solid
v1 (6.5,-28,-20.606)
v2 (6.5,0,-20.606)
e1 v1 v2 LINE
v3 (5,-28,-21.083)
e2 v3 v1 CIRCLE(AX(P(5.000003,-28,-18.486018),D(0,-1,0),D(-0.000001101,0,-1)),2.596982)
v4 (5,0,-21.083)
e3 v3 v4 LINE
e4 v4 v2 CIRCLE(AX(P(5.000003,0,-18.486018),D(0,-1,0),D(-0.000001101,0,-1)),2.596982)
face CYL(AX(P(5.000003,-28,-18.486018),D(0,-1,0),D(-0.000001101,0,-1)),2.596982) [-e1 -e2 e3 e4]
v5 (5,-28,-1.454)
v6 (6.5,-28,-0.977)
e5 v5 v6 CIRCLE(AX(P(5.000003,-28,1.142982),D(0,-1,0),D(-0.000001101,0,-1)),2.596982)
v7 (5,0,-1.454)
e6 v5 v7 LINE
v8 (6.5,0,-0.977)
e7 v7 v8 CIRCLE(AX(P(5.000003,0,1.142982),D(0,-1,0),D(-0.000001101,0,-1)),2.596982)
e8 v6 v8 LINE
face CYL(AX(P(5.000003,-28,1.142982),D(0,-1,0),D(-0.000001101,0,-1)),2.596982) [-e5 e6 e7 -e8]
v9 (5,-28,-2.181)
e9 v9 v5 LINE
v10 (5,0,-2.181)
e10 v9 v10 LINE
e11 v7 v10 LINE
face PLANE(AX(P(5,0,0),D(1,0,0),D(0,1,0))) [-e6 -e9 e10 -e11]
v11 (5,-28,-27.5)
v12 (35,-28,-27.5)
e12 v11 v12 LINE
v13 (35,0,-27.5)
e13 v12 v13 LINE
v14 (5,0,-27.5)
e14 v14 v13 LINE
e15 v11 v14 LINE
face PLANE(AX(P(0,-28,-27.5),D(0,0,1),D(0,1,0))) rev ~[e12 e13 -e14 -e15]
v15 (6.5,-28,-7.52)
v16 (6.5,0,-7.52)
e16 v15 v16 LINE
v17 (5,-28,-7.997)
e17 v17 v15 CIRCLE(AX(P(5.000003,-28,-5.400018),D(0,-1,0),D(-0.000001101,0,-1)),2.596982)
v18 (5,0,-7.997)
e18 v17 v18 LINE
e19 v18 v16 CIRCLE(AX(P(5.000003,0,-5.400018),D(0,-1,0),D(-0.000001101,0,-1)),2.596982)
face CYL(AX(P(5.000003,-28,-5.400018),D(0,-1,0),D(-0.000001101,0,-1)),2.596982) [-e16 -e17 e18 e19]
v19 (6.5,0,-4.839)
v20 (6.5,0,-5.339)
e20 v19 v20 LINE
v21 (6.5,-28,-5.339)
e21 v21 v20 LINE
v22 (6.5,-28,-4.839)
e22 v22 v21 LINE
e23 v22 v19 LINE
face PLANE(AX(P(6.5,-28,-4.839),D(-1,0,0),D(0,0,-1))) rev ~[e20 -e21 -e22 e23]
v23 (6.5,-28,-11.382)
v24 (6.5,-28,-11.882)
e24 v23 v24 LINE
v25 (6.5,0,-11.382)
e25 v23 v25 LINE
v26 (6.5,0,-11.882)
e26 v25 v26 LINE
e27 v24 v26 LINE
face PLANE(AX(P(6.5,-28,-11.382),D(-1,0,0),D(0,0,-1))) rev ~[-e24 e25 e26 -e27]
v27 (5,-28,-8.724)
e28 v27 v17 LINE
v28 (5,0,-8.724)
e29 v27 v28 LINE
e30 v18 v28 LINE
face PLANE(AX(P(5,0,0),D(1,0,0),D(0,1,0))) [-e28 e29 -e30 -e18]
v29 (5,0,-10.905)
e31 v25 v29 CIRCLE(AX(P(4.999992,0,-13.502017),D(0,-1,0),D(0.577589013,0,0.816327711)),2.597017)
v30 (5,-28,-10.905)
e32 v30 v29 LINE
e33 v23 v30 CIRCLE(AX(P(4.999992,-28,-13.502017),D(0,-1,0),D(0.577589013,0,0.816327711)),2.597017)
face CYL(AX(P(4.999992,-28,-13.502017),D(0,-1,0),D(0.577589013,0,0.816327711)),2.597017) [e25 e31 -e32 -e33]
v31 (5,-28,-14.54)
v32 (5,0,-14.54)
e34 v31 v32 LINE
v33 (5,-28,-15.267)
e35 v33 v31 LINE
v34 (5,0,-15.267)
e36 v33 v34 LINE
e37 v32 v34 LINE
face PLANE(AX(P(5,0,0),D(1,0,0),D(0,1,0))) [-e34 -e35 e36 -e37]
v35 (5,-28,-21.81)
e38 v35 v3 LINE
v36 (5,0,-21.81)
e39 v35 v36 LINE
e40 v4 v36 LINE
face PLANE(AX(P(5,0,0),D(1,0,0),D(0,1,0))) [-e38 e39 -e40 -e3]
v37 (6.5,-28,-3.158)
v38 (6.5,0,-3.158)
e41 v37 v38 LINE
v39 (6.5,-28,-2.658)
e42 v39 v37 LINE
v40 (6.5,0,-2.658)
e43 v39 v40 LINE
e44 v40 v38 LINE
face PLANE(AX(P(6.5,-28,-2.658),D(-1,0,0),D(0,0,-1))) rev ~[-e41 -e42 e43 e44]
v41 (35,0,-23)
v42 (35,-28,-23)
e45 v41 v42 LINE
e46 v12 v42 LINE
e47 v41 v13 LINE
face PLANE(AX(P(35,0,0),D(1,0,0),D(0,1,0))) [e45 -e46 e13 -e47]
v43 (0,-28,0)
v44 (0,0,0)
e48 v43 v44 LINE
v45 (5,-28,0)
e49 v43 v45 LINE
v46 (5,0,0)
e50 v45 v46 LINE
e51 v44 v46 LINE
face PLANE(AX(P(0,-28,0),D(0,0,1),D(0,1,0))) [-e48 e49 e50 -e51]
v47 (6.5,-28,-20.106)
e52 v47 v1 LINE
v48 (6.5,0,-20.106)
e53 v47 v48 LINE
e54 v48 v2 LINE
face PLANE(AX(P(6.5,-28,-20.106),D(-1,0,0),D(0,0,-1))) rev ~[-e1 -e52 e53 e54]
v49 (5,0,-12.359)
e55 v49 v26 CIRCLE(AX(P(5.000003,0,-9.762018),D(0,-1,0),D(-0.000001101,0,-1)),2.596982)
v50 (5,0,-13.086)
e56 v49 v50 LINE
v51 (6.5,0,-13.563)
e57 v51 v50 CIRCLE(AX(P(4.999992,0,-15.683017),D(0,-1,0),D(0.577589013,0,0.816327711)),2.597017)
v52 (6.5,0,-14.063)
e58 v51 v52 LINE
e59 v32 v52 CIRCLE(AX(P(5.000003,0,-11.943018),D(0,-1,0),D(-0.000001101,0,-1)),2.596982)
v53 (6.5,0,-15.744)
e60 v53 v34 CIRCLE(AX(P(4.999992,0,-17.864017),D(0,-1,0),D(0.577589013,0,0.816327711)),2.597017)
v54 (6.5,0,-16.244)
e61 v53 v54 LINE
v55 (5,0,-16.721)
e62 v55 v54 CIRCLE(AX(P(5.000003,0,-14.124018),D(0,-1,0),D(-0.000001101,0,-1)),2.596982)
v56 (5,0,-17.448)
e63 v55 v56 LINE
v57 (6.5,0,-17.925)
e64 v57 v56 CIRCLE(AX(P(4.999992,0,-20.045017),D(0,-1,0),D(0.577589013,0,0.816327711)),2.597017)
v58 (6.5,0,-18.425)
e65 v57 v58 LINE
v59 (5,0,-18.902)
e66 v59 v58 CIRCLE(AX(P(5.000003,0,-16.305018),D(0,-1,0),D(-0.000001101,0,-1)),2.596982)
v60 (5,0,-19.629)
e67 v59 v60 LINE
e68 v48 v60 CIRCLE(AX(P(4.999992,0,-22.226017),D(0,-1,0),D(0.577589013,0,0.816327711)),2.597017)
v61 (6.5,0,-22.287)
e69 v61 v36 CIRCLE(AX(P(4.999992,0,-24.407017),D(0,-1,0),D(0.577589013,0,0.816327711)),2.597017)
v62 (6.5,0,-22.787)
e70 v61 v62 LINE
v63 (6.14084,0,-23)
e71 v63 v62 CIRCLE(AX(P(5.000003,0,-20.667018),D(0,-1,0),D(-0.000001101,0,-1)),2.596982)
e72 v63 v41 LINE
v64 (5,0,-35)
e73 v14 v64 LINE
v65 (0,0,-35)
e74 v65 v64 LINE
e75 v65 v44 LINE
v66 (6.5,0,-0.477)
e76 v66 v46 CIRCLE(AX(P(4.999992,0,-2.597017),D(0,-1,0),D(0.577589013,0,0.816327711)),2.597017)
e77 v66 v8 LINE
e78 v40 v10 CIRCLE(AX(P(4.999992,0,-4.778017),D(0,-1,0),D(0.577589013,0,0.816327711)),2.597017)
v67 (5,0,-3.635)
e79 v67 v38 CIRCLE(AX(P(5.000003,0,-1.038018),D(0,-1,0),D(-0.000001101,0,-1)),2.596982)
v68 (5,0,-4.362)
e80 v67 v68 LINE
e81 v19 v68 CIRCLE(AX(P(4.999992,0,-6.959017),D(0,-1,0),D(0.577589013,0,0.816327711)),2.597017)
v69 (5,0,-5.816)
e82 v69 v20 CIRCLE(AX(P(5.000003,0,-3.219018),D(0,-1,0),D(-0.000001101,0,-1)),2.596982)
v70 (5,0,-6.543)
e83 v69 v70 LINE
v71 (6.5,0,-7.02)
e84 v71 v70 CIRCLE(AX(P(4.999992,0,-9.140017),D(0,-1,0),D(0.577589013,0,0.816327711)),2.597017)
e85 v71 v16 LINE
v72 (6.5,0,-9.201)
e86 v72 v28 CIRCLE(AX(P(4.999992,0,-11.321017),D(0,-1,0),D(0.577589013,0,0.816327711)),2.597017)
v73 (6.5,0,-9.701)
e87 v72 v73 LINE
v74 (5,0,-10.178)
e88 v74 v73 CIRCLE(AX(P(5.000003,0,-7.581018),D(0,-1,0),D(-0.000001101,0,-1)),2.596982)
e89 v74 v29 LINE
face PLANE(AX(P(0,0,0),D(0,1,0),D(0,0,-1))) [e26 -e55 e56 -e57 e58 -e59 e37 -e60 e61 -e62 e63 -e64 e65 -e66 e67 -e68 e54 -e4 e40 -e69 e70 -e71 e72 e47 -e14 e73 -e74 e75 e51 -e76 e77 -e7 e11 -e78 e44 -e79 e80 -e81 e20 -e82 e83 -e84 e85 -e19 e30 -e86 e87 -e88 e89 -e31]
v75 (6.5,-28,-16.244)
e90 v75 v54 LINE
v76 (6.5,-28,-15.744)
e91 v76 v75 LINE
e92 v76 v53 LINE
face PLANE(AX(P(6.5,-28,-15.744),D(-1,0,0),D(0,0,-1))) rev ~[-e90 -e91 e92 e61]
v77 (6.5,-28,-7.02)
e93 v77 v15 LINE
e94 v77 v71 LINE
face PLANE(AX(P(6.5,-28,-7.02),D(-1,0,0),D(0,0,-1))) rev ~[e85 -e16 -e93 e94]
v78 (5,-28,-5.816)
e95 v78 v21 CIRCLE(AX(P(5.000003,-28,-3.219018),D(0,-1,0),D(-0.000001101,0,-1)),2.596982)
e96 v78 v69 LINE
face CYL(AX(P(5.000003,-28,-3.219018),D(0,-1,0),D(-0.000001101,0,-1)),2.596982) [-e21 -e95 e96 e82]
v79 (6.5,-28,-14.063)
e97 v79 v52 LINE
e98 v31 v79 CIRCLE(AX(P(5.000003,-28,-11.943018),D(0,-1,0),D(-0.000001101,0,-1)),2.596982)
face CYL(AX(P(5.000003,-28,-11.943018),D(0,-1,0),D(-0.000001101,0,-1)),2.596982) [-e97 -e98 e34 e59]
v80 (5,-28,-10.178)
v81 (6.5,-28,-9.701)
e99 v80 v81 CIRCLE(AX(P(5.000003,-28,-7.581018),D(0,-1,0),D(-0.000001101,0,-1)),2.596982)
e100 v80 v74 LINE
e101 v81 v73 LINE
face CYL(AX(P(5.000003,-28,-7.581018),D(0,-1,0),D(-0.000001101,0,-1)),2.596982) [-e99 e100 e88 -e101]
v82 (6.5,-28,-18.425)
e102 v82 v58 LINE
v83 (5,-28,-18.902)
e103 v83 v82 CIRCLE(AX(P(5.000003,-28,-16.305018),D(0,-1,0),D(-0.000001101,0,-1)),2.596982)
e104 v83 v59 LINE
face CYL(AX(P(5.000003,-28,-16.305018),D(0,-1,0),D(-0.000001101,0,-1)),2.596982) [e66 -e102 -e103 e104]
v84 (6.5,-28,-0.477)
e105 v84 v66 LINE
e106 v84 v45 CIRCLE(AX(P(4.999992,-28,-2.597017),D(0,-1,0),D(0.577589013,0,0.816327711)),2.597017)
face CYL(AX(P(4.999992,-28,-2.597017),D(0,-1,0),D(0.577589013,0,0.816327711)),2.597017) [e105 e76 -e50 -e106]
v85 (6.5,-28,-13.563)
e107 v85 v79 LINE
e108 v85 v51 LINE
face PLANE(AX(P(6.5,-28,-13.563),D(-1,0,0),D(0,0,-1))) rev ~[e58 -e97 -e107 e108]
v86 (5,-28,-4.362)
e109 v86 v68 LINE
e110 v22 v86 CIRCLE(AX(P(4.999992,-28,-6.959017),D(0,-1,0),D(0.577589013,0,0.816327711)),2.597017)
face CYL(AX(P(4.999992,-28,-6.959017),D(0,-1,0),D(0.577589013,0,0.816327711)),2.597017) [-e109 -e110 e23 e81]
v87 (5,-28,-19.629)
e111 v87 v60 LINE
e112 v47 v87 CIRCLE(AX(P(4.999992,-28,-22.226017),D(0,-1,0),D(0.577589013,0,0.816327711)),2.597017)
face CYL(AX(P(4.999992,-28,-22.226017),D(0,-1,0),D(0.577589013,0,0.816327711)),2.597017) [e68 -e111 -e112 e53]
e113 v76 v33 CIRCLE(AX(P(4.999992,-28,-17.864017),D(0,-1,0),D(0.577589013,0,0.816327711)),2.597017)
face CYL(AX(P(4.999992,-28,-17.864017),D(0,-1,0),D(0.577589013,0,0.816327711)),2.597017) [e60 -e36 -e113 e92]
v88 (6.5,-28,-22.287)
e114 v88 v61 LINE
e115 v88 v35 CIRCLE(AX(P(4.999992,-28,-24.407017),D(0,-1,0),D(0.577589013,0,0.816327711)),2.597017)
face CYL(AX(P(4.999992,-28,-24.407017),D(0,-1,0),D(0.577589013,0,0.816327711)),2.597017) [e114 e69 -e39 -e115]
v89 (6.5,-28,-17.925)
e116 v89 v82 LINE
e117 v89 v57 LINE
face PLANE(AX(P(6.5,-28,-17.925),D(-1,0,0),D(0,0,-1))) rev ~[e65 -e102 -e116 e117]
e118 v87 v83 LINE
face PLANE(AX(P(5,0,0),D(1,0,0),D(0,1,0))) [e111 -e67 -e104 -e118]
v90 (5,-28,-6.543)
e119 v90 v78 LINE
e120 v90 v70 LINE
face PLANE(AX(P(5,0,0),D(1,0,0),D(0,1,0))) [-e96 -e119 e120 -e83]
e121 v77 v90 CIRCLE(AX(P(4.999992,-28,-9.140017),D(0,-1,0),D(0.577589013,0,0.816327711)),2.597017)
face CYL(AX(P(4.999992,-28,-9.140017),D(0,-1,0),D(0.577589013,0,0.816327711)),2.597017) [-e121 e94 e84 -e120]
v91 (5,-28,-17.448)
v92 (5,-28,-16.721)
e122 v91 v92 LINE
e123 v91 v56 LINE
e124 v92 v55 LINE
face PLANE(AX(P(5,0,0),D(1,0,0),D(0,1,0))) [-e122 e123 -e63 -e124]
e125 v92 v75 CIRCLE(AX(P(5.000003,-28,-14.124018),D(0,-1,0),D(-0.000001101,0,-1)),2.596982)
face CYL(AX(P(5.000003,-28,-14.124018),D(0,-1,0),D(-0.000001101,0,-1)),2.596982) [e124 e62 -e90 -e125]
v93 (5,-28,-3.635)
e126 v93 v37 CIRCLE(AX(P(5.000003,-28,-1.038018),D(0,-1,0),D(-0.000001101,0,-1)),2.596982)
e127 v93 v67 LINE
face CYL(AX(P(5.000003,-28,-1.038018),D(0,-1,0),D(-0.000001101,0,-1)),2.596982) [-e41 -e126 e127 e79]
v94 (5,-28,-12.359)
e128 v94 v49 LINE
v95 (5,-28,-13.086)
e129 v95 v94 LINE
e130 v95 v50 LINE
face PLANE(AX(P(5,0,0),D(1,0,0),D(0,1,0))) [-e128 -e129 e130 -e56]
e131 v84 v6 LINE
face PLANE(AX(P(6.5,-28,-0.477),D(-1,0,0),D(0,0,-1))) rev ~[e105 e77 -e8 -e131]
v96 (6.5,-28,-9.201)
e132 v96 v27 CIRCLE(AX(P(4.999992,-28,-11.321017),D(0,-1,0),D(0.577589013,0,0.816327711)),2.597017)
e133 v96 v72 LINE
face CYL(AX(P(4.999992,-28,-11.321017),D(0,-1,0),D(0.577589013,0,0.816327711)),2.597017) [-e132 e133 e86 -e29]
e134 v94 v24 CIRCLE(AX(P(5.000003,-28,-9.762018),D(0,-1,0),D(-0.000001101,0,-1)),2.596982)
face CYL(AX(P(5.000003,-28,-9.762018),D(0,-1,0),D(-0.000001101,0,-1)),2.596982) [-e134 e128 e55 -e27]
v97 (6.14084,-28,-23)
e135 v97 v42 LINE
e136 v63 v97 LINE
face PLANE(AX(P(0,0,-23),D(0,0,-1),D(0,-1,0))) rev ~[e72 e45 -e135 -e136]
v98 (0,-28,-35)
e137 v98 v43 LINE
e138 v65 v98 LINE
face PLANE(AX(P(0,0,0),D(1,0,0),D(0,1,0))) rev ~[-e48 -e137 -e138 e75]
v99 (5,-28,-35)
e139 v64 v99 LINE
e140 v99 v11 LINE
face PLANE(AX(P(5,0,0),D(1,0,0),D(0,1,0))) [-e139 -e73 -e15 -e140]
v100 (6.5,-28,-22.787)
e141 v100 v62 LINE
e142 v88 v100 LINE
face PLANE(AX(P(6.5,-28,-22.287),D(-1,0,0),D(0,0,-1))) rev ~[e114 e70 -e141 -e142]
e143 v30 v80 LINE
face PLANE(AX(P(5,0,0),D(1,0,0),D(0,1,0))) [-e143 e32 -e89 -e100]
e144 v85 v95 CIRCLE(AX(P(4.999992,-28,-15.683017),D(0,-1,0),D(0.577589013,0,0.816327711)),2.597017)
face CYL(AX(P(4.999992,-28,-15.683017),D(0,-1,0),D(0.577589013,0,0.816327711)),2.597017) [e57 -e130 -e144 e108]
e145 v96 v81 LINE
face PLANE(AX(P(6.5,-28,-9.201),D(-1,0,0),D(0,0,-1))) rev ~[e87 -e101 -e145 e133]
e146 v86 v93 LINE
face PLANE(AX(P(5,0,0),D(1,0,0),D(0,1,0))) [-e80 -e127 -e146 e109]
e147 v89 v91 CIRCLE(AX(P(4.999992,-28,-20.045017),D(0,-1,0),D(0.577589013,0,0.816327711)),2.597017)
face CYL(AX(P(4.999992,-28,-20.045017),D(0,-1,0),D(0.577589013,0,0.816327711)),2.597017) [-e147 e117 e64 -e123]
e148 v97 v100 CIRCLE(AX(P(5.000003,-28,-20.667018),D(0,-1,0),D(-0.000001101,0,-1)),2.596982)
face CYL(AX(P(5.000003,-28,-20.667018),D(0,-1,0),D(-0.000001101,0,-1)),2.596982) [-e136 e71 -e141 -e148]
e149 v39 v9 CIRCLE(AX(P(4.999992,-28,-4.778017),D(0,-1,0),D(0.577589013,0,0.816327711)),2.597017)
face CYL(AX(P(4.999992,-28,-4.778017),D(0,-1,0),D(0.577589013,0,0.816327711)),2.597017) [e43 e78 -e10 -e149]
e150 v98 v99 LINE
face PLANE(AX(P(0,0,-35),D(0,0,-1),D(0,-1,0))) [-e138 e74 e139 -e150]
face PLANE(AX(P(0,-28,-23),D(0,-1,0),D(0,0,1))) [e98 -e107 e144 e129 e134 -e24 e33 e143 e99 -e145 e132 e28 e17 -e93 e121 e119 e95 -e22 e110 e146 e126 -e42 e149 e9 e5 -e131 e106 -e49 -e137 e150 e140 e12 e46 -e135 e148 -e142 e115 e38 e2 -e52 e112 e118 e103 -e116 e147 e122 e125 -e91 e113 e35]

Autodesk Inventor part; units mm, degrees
ref_plane "YZ Plane" through (0, 0, 0) normal (1, 0, 0) x (0, 1, 0)
ref_plane "XZ Plane" through (0, 0, 0) normal (0, 1, 0) x (-1, 0, 0)
ref_plane "XY Plane" through (0, 0, 0) normal (0, 0, 1) x (1, 0, 0)
sketch "스케치1" plane through (0, 0, 0) normal (1, 0, 0) x (0, 1, 0)
  line L0 (0, 0) -> (0, -35)
  line L1 (0, -35) -> (-28, -35)
  line L2 (-28, -35) -> (-28, 0)
  line L3 (-28, 0) -> (0, 0)
  line L4 (0, -23) -> (-28, -23)
  line L5 (-28, -23) -> (-28, -27.5)
  line L6 (-28, -27.5) -> (0, -27.5)
  line L7 (0, -27.5) -> (0, -23)
  point P0 (0, -27.5)
  dimension "d0" = 35
  dimension "d1" = 28
  dimension "d2" = 7.5
  dimension "d3" = 4.5
extrude "돌출1" add sketch "스케치1" along normal blind 5 contours L0 L1 L2 L6
extrude "돌출2" add sketch "스케치1" along normal blind 35 contours L0 L6 L2 L4
extrude "돌출3" add sketch "스케치1" along normal blind 5 contours L0 L4 L2 L3
sketch "스케치2" plane through (5, 0, 0) normal (1, 0, 0) x (0, 0, -1)
  point P0 (0, 0)
sketch "스케치3" plane through (0, -28, -35) normal (0, -1, 0) x (1, 0, 0)
  line L0 (0, 35) -> (5, 35) projected
  arc A0 (6.5, 34.523) -> (5, 35) centre (5, 32.403) ccw
  arc A1 (5, 33.546) -> (6.5, 34.023) centre (5, 36.143) ccw
  line L1 (5, 35) -> (9.1174, 35) construction
  line L2 (5, 33.546) -> (9.1174, 33.546) construction
  line L3 (5, 35) -> (5, 12) construction
  line L4 (6.5, 34.523) -> (6.5, 34.023)
  line L5 (5, 35) -> (5, 33.546)
  arc A2 (6.5, 32.342) -> (5, 32.819) centre (5, 30.222) ccw
  arc A3 (5, 31.365) -> (6.5, 31.842) centre (5, 33.962) ccw
  line L6 (5, 32.819) -> (9.1174, 32.819) construction
  line L7 (5, 31.365) -> (9.1174, 31.365) construction
  line L8 (6.5, 32.342) -> (6.5, 31.842)
  line L9 (5, 32.819) -> (5, 31.365)
  arc A4 (6.5, 30.161) -> (5, 30.638) centre (5, 28.041) ccw
  arc A5 (5, 29.184) -> (6.5, 29.661) centre (5, 31.781) ccw
  line L10 (5, 30.638) -> (9.1174, 30.638) construction
  line L11 (5, 29.184) -> (9.1174, 29.184) construction
  line L12 (6.5, 30.161) -> (6.5, 29.661)
  line L13 (5, 30.638) -> (5, 29.184)
  arc A6 (6.5, 27.98) -> (5, 28.457) centre (5, 25.86) ccw
  arc A7 (5, 27.003) -> (6.5, 27.48) centre (5, 29.6) ccw
  line L14 (5, 28.457) -> (9.1174, 28.457) construction
  line L15 (5, 27.003) -> (9.1174, 27.003) construction
  line L16 (6.5, 27.98) -> (6.5, 27.48)
  line L17 (5, 28.457) -> (5, 27.003)
  arc A8 (6.5, 25.799) -> (5, 26.276) centre (5, 23.679) ccw
  arc A9 (5, 24.822) -> (6.5, 25.299) centre (5, 27.419) ccw
  line L18 (5, 26.276) -> (9.1174, 26.276) construction
  line L19 (5, 24.822) -> (9.1174, 24.822) construction
  line L20 (6.5, 25.799) -> (6.5, 25.299)
  line L21 (5, 26.276) -> (5, 24.822)
  arc A10 (6.5, 23.618) -> (5, 24.095) centre (5, 21.498) ccw
  arc A11 (5, 22.641) -> (6.5, 23.118) centre (5, 25.238) ccw
  line L22 (5, 24.095) -> (9.1174, 24.095) construction
  line L23 (5, 22.641) -> (9.1174, 22.641) construction
  line L24 (6.5, 23.618) -> (6.5, 23.118)
  line L25 (5, 24.095) -> (5, 22.641)
  arc A12 (6.5, 21.437) -> (5, 21.914) centre (5, 19.317) ccw
  arc A13 (5, 20.46) -> (6.5, 20.937) centre (5, 23.057) ccw
  line L26 (5, 21.914) -> (9.1174, 21.914) construction
  line L27 (5, 20.46) -> (9.1174, 20.46) construction
  line L28 (6.5, 21.437) -> (6.5, 20.937)
  line L29 (5, 21.914) -> (5, 20.46)
  arc A14 (6.5, 19.256) -> (5, 19.733) centre (5, 17.136) ccw
  arc A15 (5, 18.279) -> (6.5, 18.756) centre (5, 20.876) ccw
  line L30 (5, 19.733) -> (9.1174, 19.733) construction
  line L31 (5, 18.279) -> (9.1174, 18.279) construction
  line L32 (6.5, 19.256) -> (6.5, 18.756)
  line L33 (5, 19.733) -> (5, 18.279)
  arc A16 (6.5, 17.075) -> (5, 17.552) centre (5, 14.955) ccw
  arc A17 (5, 16.098) -> (6.5, 16.575) centre (5, 18.695) ccw
  line L34 (5, 17.552) -> (9.1174, 17.552) construction
  line L35 (5, 16.098) -> (9.1174, 16.098) construction
  line L36 (6.5, 17.075) -> (6.5, 16.575)
  line L37 (5, 17.552) -> (5, 16.098)
  arc A18 (6.5, 14.894) -> (5, 15.371) centre (5, 12.774) ccw
  arc A19 (5, 13.917) -> (6.5, 14.394) centre (5, 16.514) ccw
  line L38 (5, 15.371) -> (9.1174, 15.371) construction
  line L39 (5, 13.917) -> (9.1174, 13.917) construction
  line L40 (6.5, 14.894) -> (6.5, 14.394)
  line L41 (5, 15.371) -> (5, 13.917)
  arc A20 (6.5, 12.713) -> (5, 13.19) centre (5, 10.593) ccw
  arc A21 (5, 11.736) -> (6.5, 12.213) centre (5, 14.333) ccw
  line L42 (5, 13.19) -> (9.1174, 13.19) construction
  line L43 (5, 11.736) -> (9.1174, 11.736) construction
  line L44 (6.5, 12.713) -> (6.5, 12.213)
  line L45 (5, 13.19) -> (5, 11.736)
  point P0 (6.5, 34.273)
  point P1 (5, 34.273)
  point P2 (6.5, 32.092)
  point P3 (5, 32.092)
  point P4 (6.5, 29.911)
  point P5 (5, 29.911)
  point P6 (6.5, 27.73)
  point P7 (5, 27.73)
  point P8 (6.5, 25.549)
  point P9 (5, 25.549)
  point P10 (6.5, 23.368)
  point P11 (5, 23.368)
  point P12 (6.5, 21.187)
  point P13 (5, 21.187)
  point P14 (6.5, 19.006)
  point P15 (5, 19.006)
  point P16 (6.5, 16.825)
  point P17 (5, 16.825)
  point P18 (6.5, 14.644)
  point P19 (5, 14.644)
  point P20 (6.5, 12.463)
  point P21 (5, 12.463)
  dimension "d10" = 1.454
  dimension "d11" = 0.5
  dimension "d12" = 1.5
  dimension "d15" = 2.181
extrude "돌출4" add sketch "스케치3" against normal up to surface (28 mm away)
properties part number "stopper"
